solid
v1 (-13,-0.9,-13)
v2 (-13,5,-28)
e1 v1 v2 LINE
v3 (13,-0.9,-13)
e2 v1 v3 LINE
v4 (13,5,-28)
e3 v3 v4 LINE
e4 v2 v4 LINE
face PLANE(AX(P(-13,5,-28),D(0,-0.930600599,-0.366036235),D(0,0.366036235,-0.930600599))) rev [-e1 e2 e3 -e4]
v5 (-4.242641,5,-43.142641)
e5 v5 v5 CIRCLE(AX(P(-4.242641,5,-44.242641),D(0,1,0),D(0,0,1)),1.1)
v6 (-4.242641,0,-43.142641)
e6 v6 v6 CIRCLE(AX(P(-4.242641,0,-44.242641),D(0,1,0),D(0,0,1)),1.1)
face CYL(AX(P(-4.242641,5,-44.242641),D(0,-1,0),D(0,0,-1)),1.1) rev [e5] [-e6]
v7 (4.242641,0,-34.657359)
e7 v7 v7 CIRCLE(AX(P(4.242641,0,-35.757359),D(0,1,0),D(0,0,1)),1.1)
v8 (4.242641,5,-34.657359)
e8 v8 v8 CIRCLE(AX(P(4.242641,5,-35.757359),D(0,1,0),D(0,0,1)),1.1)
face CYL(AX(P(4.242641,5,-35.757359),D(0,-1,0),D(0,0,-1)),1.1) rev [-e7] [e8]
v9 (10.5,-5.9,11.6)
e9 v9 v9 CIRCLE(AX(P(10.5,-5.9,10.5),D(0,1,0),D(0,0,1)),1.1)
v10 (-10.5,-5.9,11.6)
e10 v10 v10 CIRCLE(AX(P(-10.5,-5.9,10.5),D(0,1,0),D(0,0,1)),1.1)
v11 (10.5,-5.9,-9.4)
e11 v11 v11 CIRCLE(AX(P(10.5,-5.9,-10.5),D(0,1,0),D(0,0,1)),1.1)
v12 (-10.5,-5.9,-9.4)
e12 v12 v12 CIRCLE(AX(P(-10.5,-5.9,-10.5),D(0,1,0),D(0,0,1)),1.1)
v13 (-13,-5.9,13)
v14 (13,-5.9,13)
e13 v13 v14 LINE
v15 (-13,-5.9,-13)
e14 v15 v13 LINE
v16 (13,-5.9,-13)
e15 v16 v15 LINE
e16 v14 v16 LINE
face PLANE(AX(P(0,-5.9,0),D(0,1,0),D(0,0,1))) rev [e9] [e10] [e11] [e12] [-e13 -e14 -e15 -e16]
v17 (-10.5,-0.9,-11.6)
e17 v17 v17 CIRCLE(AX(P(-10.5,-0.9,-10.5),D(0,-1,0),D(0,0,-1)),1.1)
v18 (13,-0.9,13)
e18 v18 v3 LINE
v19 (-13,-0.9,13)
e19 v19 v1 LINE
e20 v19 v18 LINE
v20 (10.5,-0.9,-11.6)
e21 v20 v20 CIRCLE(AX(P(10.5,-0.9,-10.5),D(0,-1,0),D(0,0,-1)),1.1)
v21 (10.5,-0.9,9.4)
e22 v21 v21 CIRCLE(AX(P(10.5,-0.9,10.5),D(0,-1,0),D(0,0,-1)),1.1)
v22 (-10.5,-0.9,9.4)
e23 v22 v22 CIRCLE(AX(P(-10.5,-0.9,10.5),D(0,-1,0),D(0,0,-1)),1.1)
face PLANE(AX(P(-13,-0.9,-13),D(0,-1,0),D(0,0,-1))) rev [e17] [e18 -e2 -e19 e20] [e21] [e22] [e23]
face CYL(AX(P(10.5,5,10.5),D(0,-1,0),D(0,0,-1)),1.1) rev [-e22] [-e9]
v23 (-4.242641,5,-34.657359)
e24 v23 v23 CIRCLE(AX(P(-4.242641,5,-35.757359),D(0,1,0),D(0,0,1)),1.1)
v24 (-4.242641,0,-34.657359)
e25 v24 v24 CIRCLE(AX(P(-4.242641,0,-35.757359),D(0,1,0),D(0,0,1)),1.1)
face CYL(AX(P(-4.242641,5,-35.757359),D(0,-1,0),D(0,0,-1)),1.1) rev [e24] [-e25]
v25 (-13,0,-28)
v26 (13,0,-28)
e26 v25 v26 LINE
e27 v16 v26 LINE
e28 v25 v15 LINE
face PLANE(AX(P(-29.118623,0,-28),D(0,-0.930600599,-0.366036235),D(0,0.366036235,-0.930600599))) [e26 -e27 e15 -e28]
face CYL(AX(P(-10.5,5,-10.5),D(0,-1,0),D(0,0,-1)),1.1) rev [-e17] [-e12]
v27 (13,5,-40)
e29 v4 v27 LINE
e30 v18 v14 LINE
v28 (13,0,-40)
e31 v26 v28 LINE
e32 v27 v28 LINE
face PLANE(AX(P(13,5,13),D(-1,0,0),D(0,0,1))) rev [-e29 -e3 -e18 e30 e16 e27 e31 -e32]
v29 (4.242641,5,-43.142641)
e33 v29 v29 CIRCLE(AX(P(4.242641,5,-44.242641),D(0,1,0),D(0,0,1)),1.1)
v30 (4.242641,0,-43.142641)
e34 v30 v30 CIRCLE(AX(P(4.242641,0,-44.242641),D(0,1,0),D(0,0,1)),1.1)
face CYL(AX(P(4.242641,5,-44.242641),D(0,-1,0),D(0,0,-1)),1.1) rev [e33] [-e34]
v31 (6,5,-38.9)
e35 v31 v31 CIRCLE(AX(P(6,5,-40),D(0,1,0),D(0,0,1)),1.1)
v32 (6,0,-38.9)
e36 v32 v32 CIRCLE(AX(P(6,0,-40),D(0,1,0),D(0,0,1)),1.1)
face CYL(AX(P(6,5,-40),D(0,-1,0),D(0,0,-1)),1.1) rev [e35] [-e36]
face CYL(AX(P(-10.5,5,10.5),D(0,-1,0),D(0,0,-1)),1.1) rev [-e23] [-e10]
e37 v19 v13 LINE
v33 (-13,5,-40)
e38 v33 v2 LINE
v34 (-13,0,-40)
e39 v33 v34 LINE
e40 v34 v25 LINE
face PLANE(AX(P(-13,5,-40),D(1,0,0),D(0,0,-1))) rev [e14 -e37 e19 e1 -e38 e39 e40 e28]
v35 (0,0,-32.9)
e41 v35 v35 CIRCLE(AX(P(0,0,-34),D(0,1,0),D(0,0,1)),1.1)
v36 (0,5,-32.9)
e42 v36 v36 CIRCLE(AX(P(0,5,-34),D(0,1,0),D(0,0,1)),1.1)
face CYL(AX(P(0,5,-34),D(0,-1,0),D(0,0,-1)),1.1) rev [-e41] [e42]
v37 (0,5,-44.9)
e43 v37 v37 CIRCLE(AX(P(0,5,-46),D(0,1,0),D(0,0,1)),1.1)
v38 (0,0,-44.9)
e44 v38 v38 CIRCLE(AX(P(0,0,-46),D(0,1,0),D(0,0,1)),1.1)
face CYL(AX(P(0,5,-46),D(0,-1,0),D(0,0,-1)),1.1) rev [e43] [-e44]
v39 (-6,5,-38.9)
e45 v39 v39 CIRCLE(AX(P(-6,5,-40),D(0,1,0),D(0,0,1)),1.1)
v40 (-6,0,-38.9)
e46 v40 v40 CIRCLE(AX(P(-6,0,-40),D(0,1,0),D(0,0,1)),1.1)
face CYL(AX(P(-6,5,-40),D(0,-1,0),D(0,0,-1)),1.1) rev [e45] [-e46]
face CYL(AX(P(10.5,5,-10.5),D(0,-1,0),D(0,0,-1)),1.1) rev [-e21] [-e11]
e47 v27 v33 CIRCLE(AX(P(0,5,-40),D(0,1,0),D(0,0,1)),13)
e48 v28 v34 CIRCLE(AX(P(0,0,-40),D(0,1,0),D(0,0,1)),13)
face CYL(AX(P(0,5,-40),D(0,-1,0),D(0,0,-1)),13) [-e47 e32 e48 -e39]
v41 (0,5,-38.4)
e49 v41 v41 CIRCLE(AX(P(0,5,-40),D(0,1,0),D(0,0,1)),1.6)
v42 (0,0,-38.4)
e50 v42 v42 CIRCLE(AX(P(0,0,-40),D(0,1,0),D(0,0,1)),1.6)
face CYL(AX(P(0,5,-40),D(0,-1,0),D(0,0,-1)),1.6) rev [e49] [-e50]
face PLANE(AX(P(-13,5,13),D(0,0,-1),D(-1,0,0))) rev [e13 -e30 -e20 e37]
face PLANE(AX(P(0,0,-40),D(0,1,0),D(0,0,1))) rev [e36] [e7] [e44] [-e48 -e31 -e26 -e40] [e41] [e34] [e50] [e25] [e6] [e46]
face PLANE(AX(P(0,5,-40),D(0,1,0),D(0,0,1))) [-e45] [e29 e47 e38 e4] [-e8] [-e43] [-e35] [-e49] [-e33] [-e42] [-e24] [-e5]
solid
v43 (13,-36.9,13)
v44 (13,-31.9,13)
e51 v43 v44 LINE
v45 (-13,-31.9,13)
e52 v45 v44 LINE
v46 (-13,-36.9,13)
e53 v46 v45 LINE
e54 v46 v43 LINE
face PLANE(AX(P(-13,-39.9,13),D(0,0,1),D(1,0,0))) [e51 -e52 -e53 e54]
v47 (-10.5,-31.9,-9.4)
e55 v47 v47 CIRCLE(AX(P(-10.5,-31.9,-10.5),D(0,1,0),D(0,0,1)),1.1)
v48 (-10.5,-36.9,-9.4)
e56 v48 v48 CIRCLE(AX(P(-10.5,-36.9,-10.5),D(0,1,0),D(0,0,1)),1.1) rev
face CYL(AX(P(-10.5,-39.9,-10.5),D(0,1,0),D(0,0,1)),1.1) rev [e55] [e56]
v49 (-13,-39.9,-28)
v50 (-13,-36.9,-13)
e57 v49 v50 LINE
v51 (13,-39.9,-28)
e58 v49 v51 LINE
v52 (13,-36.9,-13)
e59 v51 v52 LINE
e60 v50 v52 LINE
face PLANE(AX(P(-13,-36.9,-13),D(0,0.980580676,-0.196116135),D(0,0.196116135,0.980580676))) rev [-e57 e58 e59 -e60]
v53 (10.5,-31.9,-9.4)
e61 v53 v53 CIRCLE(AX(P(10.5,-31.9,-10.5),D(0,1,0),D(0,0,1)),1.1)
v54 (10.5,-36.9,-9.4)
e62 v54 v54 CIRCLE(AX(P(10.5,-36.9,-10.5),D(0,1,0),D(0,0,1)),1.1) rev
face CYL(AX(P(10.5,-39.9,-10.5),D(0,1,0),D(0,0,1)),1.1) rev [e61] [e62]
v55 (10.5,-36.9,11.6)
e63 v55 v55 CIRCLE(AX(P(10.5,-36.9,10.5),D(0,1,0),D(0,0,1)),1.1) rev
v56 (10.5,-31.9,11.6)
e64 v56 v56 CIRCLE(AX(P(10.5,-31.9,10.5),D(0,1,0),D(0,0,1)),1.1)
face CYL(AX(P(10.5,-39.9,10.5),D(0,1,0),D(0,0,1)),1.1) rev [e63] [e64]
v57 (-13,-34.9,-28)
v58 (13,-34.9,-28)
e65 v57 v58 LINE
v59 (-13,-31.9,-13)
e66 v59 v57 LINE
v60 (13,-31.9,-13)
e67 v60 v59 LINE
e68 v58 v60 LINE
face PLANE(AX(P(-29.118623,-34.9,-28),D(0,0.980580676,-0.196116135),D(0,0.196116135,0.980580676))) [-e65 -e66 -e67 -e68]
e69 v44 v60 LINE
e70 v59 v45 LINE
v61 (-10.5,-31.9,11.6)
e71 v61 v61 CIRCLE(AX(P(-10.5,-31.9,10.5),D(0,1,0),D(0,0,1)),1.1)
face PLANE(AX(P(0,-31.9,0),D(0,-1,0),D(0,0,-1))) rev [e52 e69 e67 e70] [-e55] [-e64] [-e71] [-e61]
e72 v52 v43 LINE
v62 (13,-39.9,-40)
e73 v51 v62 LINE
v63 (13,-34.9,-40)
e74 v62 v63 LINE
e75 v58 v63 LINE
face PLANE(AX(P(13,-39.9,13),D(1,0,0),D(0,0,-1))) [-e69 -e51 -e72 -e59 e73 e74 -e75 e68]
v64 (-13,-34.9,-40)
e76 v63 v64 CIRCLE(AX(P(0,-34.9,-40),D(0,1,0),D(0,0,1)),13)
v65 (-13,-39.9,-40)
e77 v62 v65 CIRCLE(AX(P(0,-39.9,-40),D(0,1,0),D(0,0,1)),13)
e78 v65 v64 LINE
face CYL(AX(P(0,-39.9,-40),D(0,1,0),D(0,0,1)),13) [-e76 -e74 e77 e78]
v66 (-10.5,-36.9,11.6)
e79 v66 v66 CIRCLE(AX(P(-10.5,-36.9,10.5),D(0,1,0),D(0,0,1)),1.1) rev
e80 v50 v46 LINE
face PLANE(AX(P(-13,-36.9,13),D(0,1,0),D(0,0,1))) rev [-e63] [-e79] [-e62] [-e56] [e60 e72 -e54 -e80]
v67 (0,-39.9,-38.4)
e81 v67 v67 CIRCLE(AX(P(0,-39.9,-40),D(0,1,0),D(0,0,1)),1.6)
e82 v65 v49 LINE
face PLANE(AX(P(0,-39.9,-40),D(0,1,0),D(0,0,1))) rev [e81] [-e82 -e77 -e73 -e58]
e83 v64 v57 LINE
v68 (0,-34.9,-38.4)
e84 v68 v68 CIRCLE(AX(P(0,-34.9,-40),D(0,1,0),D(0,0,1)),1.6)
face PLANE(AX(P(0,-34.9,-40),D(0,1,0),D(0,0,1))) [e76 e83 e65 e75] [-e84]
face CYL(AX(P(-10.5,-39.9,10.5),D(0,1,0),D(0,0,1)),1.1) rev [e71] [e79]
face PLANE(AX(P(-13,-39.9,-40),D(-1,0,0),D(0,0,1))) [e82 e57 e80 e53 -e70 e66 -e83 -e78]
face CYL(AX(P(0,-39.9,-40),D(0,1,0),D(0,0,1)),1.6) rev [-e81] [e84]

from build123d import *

# Parameters (mm, degrees)
SKETCH_1_R          = 1.1
SKETCH_1_R_2        = 1.6
EXTRUDE_1_DEPTH     = 5
SKETCH_2_R          = 1.6
SKETCH_2_R_2        = 1.1
EXTRUDE_2_DEPTH     = 5
EXTRUDE_START       = -5.9
SKETCH_4_W          = 26
SKETCH_4_H          = 26
SKETCH_4_R          = 1.1
EXTRUDE_3_DEPTH     = 5.9
SKETCH_5_W          = 26
SKETCH_5_H          = 26
SKETCH_5_R          = 1.1
EXTRUDE_4_DEPTH     = 3
EXTRUDE_5_DEPTH     = 26
CUT_EXTRUDE_1_DEPTH = 72.253140282


with BuildPart() as part:
    # ｽｹｯﾁ1 → ﾎﾞｽ - 押し出し1 (new body)
    with BuildSketch(Plane(origin=(0, 0, 0), x_dir=(1, 0, 0), z_dir=(0, 1, 0))):
        with BuildLine():
            Line((-13, 40), (-13, -13))
            Line((-13, -13), (13, -13))
            Line((13, -13), (13, 40))
            ThreePointArc((13, 40), (0, 53), (-13, 40))
        make_face()
        with Locations(Location((-10.5, 10.5, 0), (0, 0, 270))):
            Circle(SKETCH_1_R, mode=Mode.SUBTRACT)
        with Locations(Location((-10.5, -10.5, 0), (0, 0, 270))):
            Circle(SKETCH_1_R, mode=Mode.SUBTRACT)
        with Locations(Location((10.5, -10.5, 0), (0, 0, 270))):
            Circle(SKETCH_1_R, mode=Mode.SUBTRACT)
        with Locations(Location((10.5, 10.5, 0), (0, 0, 270))):
            Circle(SKETCH_1_R, mode=Mode.SUBTRACT)
        with Locations(Location((0, 46, 0), (0, 0, 270))):
            Circle(SKETCH_1_R, mode=Mode.SUBTRACT)
        with Locations(Location((4.242640687, 44.242640687, 0), (0, 0, 270))):
            Circle(SKETCH_1_R, mode=Mode.SUBTRACT)
        with Locations(Location((6, 40, 0), (0, 0, 270))):
            Circle(SKETCH_1_R, mode=Mode.SUBTRACT)
        with Locations(Location((4.242640687, 35.757359313, 0), (0, 0, 270))):
            Circle(SKETCH_1_R, mode=Mode.SUBTRACT)
        with Locations(Location((0, 34, 0), (0, 0, 270))):
            Circle(SKETCH_1_R, mode=Mode.SUBTRACT)
        with Locations(Location((-4.242640687, 35.757359313, 0), (0, 0, 270))):
            Circle(SKETCH_1_R, mode=Mode.SUBTRACT)
        with Locations(Location((-6, 40, 0), (0, 0, 270))):
            Circle(SKETCH_1_R, mode=Mode.SUBTRACT)
        with Locations(Location((-4.242640687, 44.242640687, 0), (0, 0, 270))):
            Circle(SKETCH_1_R, mode=Mode.SUBTRACT)
        with Locations(Location((0, 40, 0), (0, 0, 270))):
            Circle(SKETCH_1_R_2, mode=Mode.SUBTRACT)
    extrude(amount=EXTRUDE_1_DEPTH)

    # ｽｹｯﾁ4 → ﾎﾞｽ - 押し出し3 (add)
    with BuildSketch(Plane(origin=(0, 0, 0), x_dir=(1, 0, 0), z_dir=(0, 1, 0)).offset(EXTRUDE_START)):
        Rectangle(SKETCH_4_W, SKETCH_4_H)
        with Locations(Location((10.5, -10.5, 0), (0, 0, 270))):
            Circle(SKETCH_4_R, mode=Mode.SUBTRACT)
        with Locations(Location((-10.5, -10.5, 0), (0, 0, 270))):
            Circle(SKETCH_4_R, mode=Mode.SUBTRACT)
        with Locations(Location((-10.5, 10.5, 0), (0, 0, 270))):
            Circle(SKETCH_4_R, mode=Mode.SUBTRACT)
        with Locations(Location((10.5, 10.5, 0), (0, 0, 270))):
            Circle(SKETCH_4_R, mode=Mode.SUBTRACT)
    extrude(amount=EXTRUDE_3_DEPTH)



with BuildPart() as body_2:
    # ｽｹｯﾁ2 → ﾎﾞｽ - 押し出し2 (new body)
    with BuildSketch(Plane(origin=(0, -34.9, 0), x_dir=(1, 0, 0), z_dir=(0, 1, 0))):
        with BuildLine():
            Line((13, -13), (13, 40))
            ThreePointArc((13, 40), (0, 53), (-13, 40))
            Line((-13, 40), (-13, -13))
            Line((-13, -13), (13, -13))
        make_face()
        with Locations(Location((0, 40, 0), (0, 0, 270))):
            Circle(SKETCH_2_R, mode=Mode.SUBTRACT)
        with Locations(Location((10.5, -10.5, 0), (0, 0, 270))):
            Circle(SKETCH_2_R_2, mode=Mode.SUBTRACT)
        with Locations(Location((-10.5, -10.5, 0), (0, 0, 270))):
            Circle(SKETCH_2_R_2, mode=Mode.SUBTRACT)
        with Locations(Location((-10.5, 10.5, 0), (0, 0, 270))):
            Circle(SKETCH_2_R_2, mode=Mode.SUBTRACT)
        with Locations(Location((10.5, 10.5, 0), (0, 0, 270))):
            Circle(SKETCH_2_R_2, mode=Mode.SUBTRACT)
    extrude(amount=-EXTRUDE_2_DEPTH)

    # ｽｹｯﾁ5 → ﾎﾞｽ - 押し出し4 (add)
    with BuildSketch(Plane(origin=(0, -34.9, 0), x_dir=(1, 0, 0), z_dir=(0, 1, 0))):
        Rectangle(SKETCH_5_W, SKETCH_5_H)
        with Locations(Location((10.5, -10.5, 0), (0, 0, 270))):
            Circle(SKETCH_5_R, mode=Mode.SUBTRACT)
        with Locations(Location((-10.5, -10.5, 0), (0, 0, 270))):
            Circle(SKETCH_5_R, mode=Mode.SUBTRACT)
        with Locations(Location((-10.5, 10.5, 0), (0, 0, 270))):
            Circle(SKETCH_5_R, mode=Mode.SUBTRACT)
        with Locations(Location((10.5, 10.5, 0), (0, 0, 270))):
            Circle(SKETCH_5_R, mode=Mode.SUBTRACT)
    extrude(amount=EXTRUDE_4_DEPTH)


with BuildPart() as part_1:
    add(part.part)

    add(body_2.part)  # ﾎﾞｽ - 押し出し5 merges body 2
    # ｽｹｯﾁ6 → ﾎﾞｽ - 押し出し5 (add)
    with BuildSketch(Plane(origin=(13, 0, 0), x_dir=(0, 0, -1), z_dir=(1, 0, 0))):
        Polygon((28, 0), (13, -5.9), (13, 0), align=None)
        Polygon((13, -31.9), (13, -34.9), (28, -34.9), align=None)
    extrude(amount=-EXTRUDE_5_DEPTH)

    # ｽｹｯﾁ7 → ｶｯﾄ - 押し出し1 (cut, through all)
    with BuildSketch(Plane(origin=(13, 0, 0), x_dir=(0, 0, -1), z_dir=(1, 0, 0))):
        Polygon((28, 5), (13, -0.9), (-13, -0.9), (-13, 5), align=None)
        Polygon((28, -39.9), (-13, -39.9), (-13, -36.9), (13, -36.9), align=None)
    extrude(amount=-CUT_EXTRUDE_1_DEPTH, mode=Mode.SUBTRACT)


solid = part_1.part
